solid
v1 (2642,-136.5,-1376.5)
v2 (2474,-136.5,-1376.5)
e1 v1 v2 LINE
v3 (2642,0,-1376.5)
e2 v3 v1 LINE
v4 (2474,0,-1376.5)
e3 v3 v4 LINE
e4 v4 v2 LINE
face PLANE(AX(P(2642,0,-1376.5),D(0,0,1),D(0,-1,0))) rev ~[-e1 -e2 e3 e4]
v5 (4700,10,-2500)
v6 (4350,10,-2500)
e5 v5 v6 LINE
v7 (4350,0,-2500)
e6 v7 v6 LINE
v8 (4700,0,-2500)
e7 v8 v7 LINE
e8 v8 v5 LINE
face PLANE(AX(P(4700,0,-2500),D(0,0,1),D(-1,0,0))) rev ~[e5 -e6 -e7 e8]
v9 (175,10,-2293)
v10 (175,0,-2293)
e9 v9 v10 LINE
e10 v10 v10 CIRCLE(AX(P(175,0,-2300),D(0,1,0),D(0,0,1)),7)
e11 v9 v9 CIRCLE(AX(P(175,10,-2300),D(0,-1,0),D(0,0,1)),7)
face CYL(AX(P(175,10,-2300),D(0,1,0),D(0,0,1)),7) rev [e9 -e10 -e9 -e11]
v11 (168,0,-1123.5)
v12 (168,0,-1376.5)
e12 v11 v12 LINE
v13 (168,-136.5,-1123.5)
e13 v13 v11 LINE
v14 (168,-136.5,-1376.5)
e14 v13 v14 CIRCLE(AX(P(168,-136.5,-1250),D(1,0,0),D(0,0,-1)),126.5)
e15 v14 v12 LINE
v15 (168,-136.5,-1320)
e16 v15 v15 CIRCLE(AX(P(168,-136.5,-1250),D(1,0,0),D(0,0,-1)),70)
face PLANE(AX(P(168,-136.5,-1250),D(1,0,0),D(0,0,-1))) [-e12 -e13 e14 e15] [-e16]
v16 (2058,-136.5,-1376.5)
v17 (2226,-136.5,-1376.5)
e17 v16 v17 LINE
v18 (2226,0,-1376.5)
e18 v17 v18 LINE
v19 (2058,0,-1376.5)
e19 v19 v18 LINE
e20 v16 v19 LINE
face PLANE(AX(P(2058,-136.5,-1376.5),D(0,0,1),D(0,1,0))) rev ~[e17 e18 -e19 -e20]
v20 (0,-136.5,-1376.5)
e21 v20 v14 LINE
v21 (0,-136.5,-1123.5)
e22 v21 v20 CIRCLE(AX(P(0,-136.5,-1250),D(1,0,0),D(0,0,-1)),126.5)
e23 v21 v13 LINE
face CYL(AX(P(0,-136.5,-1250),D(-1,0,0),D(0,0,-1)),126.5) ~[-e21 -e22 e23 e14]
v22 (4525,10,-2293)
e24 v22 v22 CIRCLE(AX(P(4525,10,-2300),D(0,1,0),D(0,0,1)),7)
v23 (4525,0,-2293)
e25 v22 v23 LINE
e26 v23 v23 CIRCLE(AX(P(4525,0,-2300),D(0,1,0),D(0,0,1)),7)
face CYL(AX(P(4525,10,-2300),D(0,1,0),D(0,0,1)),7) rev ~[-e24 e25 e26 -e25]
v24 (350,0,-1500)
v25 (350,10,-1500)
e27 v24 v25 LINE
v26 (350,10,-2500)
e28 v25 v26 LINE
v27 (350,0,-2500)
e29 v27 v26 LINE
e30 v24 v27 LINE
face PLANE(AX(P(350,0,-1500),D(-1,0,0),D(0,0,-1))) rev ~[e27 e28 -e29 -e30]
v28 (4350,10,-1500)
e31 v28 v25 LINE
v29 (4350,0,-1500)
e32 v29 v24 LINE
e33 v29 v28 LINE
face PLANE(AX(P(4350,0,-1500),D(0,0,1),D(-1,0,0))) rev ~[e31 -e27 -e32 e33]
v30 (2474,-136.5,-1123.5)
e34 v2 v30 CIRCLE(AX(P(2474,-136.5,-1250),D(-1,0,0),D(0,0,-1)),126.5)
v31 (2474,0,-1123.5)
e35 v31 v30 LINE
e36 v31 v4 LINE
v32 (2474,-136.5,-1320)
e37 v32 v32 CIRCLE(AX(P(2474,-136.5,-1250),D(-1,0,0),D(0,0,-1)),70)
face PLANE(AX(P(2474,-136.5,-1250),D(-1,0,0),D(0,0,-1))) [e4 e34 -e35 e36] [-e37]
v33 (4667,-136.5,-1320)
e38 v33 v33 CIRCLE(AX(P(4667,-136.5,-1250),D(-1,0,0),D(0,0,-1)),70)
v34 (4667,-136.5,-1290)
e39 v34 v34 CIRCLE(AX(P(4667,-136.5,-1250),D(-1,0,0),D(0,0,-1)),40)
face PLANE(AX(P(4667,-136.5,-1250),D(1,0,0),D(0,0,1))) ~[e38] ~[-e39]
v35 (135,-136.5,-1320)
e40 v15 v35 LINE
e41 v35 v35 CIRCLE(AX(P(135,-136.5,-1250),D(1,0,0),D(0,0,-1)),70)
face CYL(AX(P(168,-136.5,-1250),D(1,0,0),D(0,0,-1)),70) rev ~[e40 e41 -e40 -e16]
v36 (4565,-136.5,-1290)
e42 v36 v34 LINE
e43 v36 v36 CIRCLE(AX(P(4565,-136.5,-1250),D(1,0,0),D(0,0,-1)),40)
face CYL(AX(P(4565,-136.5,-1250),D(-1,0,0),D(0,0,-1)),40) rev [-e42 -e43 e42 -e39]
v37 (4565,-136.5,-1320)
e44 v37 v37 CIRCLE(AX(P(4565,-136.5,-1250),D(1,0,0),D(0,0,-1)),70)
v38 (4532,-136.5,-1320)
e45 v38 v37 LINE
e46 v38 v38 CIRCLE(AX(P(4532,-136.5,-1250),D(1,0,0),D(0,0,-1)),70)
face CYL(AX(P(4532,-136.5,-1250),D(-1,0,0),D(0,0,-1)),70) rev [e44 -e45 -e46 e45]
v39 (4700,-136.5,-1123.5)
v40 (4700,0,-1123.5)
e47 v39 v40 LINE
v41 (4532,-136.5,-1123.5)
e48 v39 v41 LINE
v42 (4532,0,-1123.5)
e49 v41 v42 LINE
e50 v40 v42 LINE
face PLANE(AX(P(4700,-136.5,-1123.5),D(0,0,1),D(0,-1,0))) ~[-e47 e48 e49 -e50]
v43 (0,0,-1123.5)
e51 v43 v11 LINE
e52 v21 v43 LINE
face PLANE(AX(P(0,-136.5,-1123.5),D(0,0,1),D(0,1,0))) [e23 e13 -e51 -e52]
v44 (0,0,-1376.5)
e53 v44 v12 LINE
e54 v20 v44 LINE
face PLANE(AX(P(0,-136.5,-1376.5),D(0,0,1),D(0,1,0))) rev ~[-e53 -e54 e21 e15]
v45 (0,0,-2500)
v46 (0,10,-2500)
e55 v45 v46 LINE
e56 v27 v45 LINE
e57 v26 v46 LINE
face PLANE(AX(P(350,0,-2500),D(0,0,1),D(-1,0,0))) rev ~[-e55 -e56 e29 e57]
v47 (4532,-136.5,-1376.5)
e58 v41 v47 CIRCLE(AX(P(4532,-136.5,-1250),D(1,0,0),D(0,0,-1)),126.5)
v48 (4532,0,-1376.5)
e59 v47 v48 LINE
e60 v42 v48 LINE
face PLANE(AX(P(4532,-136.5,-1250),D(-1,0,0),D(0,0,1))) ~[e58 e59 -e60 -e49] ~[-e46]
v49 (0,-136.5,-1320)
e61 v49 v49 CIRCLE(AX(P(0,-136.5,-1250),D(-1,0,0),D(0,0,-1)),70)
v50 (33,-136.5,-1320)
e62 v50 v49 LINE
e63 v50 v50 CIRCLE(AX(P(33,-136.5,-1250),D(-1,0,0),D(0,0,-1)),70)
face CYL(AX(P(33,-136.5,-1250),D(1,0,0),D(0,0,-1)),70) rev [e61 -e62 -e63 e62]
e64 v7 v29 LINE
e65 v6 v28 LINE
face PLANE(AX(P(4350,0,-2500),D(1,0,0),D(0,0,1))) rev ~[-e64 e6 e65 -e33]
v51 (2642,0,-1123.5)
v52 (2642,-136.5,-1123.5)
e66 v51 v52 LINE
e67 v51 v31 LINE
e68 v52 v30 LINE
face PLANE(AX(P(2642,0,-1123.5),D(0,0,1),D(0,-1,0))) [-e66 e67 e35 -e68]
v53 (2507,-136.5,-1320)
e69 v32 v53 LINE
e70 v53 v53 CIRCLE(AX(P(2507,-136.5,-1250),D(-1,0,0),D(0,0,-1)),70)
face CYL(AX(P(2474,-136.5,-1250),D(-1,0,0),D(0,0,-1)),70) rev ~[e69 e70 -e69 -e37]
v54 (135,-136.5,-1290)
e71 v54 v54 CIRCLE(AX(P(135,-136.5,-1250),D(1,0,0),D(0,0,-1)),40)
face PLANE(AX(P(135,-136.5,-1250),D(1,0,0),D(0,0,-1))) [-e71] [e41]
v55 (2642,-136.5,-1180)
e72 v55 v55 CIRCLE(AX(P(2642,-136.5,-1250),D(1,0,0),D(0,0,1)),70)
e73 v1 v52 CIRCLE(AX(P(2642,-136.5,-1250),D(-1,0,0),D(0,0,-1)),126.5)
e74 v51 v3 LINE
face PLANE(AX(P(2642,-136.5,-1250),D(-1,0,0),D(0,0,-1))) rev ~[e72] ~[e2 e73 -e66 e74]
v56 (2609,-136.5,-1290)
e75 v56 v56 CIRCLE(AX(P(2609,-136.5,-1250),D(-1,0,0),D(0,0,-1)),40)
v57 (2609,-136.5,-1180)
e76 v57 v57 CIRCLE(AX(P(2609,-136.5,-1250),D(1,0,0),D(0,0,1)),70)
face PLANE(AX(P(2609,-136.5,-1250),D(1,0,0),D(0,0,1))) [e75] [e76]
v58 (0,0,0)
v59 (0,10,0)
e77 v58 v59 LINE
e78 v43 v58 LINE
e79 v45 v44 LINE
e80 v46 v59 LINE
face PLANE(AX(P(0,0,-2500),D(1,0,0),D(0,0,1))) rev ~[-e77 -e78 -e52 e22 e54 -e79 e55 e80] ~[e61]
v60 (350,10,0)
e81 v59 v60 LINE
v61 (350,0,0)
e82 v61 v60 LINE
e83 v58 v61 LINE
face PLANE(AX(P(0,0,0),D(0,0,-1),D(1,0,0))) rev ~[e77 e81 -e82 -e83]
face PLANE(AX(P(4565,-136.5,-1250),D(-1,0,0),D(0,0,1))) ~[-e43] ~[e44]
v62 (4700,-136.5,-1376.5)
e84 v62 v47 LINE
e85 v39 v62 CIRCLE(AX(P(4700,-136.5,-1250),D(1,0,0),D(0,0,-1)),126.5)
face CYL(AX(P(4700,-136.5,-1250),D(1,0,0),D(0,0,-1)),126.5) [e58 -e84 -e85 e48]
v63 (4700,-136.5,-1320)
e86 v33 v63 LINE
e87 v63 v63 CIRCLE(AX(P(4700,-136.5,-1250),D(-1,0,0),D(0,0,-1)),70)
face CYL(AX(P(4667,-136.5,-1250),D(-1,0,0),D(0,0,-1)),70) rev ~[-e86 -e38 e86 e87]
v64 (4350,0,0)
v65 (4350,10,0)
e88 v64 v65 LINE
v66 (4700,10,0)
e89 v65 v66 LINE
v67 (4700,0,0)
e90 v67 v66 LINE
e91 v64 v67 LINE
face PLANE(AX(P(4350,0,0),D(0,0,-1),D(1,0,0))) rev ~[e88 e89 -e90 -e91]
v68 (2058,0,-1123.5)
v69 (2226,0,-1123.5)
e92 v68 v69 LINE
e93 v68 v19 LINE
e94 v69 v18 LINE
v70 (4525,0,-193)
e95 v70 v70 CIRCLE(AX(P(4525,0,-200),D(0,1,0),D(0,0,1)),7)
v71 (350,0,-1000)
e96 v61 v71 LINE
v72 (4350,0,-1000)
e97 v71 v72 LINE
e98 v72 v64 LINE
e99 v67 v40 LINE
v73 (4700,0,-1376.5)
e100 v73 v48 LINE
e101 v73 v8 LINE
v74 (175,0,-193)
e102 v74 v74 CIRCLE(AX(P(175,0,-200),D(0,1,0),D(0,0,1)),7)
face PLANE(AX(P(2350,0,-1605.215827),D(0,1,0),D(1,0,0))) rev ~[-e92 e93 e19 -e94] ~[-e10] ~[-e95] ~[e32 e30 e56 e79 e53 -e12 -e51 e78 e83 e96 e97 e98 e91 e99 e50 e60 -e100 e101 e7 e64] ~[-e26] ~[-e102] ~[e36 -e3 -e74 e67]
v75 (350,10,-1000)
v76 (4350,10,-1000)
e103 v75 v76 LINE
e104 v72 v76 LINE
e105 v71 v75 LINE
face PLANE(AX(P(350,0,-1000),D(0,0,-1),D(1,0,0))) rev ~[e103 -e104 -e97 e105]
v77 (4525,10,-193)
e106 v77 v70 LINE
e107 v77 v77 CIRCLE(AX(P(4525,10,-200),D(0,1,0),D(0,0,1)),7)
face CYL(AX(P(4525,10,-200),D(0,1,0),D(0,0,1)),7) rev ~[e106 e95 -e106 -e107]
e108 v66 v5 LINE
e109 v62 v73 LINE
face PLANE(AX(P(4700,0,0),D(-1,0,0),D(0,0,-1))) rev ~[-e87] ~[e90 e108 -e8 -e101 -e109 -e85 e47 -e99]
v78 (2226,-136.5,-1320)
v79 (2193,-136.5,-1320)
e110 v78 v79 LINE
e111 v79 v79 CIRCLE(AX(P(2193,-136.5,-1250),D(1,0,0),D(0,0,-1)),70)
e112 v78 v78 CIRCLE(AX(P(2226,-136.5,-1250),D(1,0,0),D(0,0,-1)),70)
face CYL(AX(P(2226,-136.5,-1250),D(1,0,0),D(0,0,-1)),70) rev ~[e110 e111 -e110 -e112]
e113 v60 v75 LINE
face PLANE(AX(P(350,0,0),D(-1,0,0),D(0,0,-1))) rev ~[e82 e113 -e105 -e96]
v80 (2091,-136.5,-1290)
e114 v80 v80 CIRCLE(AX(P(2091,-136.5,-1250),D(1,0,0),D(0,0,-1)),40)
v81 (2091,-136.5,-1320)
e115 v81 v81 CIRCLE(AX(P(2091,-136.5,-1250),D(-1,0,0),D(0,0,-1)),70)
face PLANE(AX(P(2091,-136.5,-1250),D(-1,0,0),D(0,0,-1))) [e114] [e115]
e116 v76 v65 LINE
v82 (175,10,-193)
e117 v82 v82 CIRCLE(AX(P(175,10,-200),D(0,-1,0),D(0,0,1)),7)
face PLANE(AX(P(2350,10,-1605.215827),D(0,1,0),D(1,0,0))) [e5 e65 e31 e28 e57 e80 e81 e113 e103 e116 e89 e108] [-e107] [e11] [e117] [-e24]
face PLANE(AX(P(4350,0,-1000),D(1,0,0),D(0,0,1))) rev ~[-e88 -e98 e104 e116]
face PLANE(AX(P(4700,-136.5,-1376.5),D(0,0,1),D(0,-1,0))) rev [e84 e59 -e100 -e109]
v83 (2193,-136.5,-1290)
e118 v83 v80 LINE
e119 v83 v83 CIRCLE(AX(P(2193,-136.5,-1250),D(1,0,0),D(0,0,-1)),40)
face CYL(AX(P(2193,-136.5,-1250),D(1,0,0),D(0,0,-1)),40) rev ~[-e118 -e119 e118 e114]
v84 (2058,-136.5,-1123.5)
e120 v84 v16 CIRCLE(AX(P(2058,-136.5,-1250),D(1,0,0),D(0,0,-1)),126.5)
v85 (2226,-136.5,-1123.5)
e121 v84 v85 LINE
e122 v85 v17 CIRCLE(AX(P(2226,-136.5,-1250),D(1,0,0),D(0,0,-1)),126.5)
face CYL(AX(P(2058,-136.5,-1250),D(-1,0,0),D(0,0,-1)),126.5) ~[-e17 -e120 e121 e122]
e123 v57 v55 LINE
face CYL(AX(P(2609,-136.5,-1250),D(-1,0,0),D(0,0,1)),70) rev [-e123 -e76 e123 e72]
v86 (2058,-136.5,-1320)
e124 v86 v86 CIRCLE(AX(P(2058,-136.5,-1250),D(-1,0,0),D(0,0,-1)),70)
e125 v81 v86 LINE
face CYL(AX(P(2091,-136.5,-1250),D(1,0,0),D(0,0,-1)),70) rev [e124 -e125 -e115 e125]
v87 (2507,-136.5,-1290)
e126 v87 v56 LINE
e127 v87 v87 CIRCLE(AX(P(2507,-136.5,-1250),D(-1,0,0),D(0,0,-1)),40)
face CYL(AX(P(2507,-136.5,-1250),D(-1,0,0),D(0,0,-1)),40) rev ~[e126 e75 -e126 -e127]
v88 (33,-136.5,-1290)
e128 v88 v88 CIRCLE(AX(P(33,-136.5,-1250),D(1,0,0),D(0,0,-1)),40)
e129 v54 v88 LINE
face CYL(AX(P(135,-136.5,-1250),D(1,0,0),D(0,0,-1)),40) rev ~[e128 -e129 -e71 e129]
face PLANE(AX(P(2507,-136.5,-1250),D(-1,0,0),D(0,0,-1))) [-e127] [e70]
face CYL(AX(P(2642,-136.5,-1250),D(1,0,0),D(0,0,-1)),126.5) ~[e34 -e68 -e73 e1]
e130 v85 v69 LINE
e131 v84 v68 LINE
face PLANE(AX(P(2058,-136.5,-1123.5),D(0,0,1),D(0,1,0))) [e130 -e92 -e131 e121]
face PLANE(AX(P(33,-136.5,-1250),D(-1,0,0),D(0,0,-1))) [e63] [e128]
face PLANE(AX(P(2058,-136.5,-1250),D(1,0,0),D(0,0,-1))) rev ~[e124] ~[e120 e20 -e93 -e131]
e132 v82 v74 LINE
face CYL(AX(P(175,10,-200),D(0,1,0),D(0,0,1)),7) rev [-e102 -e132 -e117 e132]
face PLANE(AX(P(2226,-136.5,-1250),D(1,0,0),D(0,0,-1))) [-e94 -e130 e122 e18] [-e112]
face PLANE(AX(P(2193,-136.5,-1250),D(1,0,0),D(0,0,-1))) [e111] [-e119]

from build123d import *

# Parameters (mm, degrees)
BOSS_EXTRUDE1_DEPTH     = 10
SKETCH3_R               = 126.5
SKETCH3_W               = 253
SKETCH3_H               = 136.5
BOSS_EXTRUDE2_DEPTH     = 168
SKETCH6_R               = 70
CUT_EXTRUDE1_DEPTH      = 33
SKETCH7_R               = 40
CUT_EXTRUDE2_DEPTH      = 5212.371604482
CUT_EXTRUDE4_START      = -33
SKETCH9_R               = 70
CUT_EXTRUDE4_DEPTH      = 33
SKETCH8_R               = 7
CUT_EXTRUDE3_DEPTH      = 5331.528022626
LPATTERN1_COUNT         = 2
LPATTERN1_PITCH         = 2058
MIRROR4_COPY_1_SKETCH_R = 126.5
MIRROR4_COPY_1_SKETCH_W = 253
MIRROR4_COPY_1_SKETCH_H = 136.5
MIRROR4_COPY_1_DEPTH    = 168
MIRROR4_COPY_2_SKETCH_R = 70
MIRROR4_COPY_2_DEPTH    = 33
MIRROR4_COPY_3_SKETCH_R = 40
MIRROR4_COPY_3_DEPTH    = 5212.371604482
MIRROR4_START           = -33
MIRROR4_COPY_4_SKETCH_R = 70
MIRROR4_COPY_4_DEPTH    = 33


with BuildPart() as part:
    # Sketch1 → Boss-Extrude1 (new body)
    with BuildSketch(Plane(origin=(0, 0, 0), x_dir=(1, 0, 0), z_dir=(0, 1, 0))):
        Polygon((0, 2500), (0, 1250), (4700, 1250), (4700, 2500), (4350, 2500), (4350, 1500), (350, 1500), (350, 2500), align=None)
        Polygon((4700, 1250), (0, 1250), (0, 0), (350, 0), (350, 1000), (4350, 1000), (4350, 0), (4700, 0), align=None)
    extrude(amount=BOSS_EXTRUDE1_DEPTH)

    # Sketch3 → Boss-Extrude2 (add)
    with BuildSketch(Plane(origin=(0, 0, 0), x_dir=(0, 0, -1), z_dir=(1, 0, 0))):
        with Locations((1250, -136.5)):
            Circle(SKETCH3_R)
        with Locations((1250, -68.25)):
            Rectangle(SKETCH3_W, SKETCH3_H)
    boss_extrude2 = extrude(amount=BOSS_EXTRUDE2_DEPTH)

    # Mirror1: Boss-Extrude2 across plane
    add(boss_extrude2.mirror(Plane.ZY.offset(-2350)))

    # Sketch6 → Cut-Extrude1 (cut)
    with BuildSketch(Plane(origin=(168, 0, 0), x_dir=(0, 0, -1), z_dir=(1, 0, 0))):
        with Locations((1250, -136.5)):
            Circle(SKETCH6_R)
    cut_extrude1 = extrude(amount=-CUT_EXTRUDE1_DEPTH, mode=Mode.SUBTRACT)

    # Sketch7 → Cut-Extrude2 (cut, through all)
    with BuildSketch(Plane(origin=(135, 0, 0), x_dir=(0, 0, -1), z_dir=(1, 0, 0))):
        with Locations((1250, -136.5)):
            Circle(SKETCH7_R)
    cut_extrude2 = extrude(amount=-CUT_EXTRUDE2_DEPTH, mode=Mode.SUBTRACT)

    # Sketch9 → Cut-Extrude4 (cut)
    with BuildSketch(Plane.ZY.offset(CUT_EXTRUDE4_START)):
        with Locations(Location((-1250, -136.5, 0), (0, 0, 180))):
            Circle(SKETCH9_R)
    cut_extrude4 = extrude(amount=CUT_EXTRUDE4_DEPTH, mode=Mode.SUBTRACT)

    # Mirror2: Cut-Extrude1, Cut-Extrude2, Cut-Extrude4 across plane
    add(cut_extrude1.mirror(Plane.ZY.offset(-2350)), mode=Mode.SUBTRACT)
    add(cut_extrude2.mirror(Plane.ZY.offset(-2350)), mode=Mode.SUBTRACT)
    add(cut_extrude4.mirror(Plane.ZY.offset(-2350)), mode=Mode.SUBTRACT)

    # Sketch8 → Cut-Extrude3 (cut, through all)
    with BuildSketch(Plane(origin=(0, 10, 0), x_dir=(1, 0, 0), z_dir=(0, 1, 0))):
        with Locations(Location((4525, 2300, 0), (0, 0, 270))):
            Circle(SKETCH8_R)
        with Locations(Location((4525, 200, 0), (0, 0, 270))):
            Circle(SKETCH8_R)
    cut_extrude3 = extrude(amount=-CUT_EXTRUDE3_DEPTH, mode=Mode.SUBTRACT)

    # Mirror3: Cut-Extrude3 across plane
    add(cut_extrude3.mirror(Plane.ZY.offset(-2350)), mode=Mode.SUBTRACT)

    # LPattern1: Boss-Extrude2, Cut-Extrude1, Cut-Extrude2, Cut-Extrude4 ×2
    with Locations(*[(i * LPATTERN1_PITCH, 0, 0) for i in range(1, LPATTERN1_COUNT)]):
        add(boss_extrude2)
        add(cut_extrude1, mode=Mode.SUBTRACT)
        add(cut_extrude2, mode=Mode.SUBTRACT)
        add(cut_extrude4, mode=Mode.SUBTRACT)

    # Mirror4: Boss-Extrude2, Cut-Extrude1, Cut-Extrude2, Cut-Extrude4 across plane
    add(boss_extrude2.mirror(Plane.ZY.offset(-2350)))
    add(cut_extrude1.mirror(Plane.ZY.offset(-2350)), mode=Mode.SUBTRACT)
    add(cut_extrude2.mirror(Plane.ZY.offset(-2350)), mode=Mode.SUBTRACT)
    add(cut_extrude4.mirror(Plane.ZY.offset(-2350)), mode=Mode.SUBTRACT)

    # Mirror4 copy 1 sketch → Mirror4 copy 1 (add)
    with BuildSketch(Plane(origin=(2642, 0, 0), x_dir=(0, 0, -1), z_dir=(-1, 0, 0))):
        with Locations((1250, 136.5)):
            Circle(MIRROR4_COPY_1_SKETCH_R)
        with Locations((1250, 68.25)):
            Rectangle(MIRROR4_COPY_1_SKETCH_W, MIRROR4_COPY_1_SKETCH_H)
    extrude(amount=MIRROR4_COPY_1_DEPTH)

    # Mirror4 copy 2 sketch → Mirror4 copy 2 (cut)
    with BuildSketch(Plane(origin=(2474, 0, 0), x_dir=(0, 0, -1), z_dir=(-1, 0, 0))):
        with Locations((1250, 136.5)):
            Circle(MIRROR4_COPY_2_SKETCH_R)
    extrude(amount=-MIRROR4_COPY_2_DEPTH, mode=Mode.SUBTRACT)

    # Mirror4 copy 3 sketch → Mirror4 copy 3 (cut, through all)
    with BuildSketch(Plane(origin=(2507, 0, 0), x_dir=(0, 0, -1), z_dir=(-1, 0, 0))):
        with Locations((1250, 136.5)):
            Circle(MIRROR4_COPY_3_SKETCH_R)
    extrude(amount=-MIRROR4_COPY_3_DEPTH, mode=Mode.SUBTRACT)

    # Mirror4 copy 4 sketch → Mirror4 copy 4 (cut)
    with BuildSketch(Plane(origin=(2642, 0, 0), x_dir=(0, 0, 1), z_dir=(1, 0, 0)).offset(MIRROR4_START)):
        with Locations((-1250, 136.5)):
            Circle(MIRROR4_COPY_4_SKETCH_R)
    extrude(amount=MIRROR4_COPY_4_DEPTH, mode=Mode.SUBTRACT)


solid = part.part
